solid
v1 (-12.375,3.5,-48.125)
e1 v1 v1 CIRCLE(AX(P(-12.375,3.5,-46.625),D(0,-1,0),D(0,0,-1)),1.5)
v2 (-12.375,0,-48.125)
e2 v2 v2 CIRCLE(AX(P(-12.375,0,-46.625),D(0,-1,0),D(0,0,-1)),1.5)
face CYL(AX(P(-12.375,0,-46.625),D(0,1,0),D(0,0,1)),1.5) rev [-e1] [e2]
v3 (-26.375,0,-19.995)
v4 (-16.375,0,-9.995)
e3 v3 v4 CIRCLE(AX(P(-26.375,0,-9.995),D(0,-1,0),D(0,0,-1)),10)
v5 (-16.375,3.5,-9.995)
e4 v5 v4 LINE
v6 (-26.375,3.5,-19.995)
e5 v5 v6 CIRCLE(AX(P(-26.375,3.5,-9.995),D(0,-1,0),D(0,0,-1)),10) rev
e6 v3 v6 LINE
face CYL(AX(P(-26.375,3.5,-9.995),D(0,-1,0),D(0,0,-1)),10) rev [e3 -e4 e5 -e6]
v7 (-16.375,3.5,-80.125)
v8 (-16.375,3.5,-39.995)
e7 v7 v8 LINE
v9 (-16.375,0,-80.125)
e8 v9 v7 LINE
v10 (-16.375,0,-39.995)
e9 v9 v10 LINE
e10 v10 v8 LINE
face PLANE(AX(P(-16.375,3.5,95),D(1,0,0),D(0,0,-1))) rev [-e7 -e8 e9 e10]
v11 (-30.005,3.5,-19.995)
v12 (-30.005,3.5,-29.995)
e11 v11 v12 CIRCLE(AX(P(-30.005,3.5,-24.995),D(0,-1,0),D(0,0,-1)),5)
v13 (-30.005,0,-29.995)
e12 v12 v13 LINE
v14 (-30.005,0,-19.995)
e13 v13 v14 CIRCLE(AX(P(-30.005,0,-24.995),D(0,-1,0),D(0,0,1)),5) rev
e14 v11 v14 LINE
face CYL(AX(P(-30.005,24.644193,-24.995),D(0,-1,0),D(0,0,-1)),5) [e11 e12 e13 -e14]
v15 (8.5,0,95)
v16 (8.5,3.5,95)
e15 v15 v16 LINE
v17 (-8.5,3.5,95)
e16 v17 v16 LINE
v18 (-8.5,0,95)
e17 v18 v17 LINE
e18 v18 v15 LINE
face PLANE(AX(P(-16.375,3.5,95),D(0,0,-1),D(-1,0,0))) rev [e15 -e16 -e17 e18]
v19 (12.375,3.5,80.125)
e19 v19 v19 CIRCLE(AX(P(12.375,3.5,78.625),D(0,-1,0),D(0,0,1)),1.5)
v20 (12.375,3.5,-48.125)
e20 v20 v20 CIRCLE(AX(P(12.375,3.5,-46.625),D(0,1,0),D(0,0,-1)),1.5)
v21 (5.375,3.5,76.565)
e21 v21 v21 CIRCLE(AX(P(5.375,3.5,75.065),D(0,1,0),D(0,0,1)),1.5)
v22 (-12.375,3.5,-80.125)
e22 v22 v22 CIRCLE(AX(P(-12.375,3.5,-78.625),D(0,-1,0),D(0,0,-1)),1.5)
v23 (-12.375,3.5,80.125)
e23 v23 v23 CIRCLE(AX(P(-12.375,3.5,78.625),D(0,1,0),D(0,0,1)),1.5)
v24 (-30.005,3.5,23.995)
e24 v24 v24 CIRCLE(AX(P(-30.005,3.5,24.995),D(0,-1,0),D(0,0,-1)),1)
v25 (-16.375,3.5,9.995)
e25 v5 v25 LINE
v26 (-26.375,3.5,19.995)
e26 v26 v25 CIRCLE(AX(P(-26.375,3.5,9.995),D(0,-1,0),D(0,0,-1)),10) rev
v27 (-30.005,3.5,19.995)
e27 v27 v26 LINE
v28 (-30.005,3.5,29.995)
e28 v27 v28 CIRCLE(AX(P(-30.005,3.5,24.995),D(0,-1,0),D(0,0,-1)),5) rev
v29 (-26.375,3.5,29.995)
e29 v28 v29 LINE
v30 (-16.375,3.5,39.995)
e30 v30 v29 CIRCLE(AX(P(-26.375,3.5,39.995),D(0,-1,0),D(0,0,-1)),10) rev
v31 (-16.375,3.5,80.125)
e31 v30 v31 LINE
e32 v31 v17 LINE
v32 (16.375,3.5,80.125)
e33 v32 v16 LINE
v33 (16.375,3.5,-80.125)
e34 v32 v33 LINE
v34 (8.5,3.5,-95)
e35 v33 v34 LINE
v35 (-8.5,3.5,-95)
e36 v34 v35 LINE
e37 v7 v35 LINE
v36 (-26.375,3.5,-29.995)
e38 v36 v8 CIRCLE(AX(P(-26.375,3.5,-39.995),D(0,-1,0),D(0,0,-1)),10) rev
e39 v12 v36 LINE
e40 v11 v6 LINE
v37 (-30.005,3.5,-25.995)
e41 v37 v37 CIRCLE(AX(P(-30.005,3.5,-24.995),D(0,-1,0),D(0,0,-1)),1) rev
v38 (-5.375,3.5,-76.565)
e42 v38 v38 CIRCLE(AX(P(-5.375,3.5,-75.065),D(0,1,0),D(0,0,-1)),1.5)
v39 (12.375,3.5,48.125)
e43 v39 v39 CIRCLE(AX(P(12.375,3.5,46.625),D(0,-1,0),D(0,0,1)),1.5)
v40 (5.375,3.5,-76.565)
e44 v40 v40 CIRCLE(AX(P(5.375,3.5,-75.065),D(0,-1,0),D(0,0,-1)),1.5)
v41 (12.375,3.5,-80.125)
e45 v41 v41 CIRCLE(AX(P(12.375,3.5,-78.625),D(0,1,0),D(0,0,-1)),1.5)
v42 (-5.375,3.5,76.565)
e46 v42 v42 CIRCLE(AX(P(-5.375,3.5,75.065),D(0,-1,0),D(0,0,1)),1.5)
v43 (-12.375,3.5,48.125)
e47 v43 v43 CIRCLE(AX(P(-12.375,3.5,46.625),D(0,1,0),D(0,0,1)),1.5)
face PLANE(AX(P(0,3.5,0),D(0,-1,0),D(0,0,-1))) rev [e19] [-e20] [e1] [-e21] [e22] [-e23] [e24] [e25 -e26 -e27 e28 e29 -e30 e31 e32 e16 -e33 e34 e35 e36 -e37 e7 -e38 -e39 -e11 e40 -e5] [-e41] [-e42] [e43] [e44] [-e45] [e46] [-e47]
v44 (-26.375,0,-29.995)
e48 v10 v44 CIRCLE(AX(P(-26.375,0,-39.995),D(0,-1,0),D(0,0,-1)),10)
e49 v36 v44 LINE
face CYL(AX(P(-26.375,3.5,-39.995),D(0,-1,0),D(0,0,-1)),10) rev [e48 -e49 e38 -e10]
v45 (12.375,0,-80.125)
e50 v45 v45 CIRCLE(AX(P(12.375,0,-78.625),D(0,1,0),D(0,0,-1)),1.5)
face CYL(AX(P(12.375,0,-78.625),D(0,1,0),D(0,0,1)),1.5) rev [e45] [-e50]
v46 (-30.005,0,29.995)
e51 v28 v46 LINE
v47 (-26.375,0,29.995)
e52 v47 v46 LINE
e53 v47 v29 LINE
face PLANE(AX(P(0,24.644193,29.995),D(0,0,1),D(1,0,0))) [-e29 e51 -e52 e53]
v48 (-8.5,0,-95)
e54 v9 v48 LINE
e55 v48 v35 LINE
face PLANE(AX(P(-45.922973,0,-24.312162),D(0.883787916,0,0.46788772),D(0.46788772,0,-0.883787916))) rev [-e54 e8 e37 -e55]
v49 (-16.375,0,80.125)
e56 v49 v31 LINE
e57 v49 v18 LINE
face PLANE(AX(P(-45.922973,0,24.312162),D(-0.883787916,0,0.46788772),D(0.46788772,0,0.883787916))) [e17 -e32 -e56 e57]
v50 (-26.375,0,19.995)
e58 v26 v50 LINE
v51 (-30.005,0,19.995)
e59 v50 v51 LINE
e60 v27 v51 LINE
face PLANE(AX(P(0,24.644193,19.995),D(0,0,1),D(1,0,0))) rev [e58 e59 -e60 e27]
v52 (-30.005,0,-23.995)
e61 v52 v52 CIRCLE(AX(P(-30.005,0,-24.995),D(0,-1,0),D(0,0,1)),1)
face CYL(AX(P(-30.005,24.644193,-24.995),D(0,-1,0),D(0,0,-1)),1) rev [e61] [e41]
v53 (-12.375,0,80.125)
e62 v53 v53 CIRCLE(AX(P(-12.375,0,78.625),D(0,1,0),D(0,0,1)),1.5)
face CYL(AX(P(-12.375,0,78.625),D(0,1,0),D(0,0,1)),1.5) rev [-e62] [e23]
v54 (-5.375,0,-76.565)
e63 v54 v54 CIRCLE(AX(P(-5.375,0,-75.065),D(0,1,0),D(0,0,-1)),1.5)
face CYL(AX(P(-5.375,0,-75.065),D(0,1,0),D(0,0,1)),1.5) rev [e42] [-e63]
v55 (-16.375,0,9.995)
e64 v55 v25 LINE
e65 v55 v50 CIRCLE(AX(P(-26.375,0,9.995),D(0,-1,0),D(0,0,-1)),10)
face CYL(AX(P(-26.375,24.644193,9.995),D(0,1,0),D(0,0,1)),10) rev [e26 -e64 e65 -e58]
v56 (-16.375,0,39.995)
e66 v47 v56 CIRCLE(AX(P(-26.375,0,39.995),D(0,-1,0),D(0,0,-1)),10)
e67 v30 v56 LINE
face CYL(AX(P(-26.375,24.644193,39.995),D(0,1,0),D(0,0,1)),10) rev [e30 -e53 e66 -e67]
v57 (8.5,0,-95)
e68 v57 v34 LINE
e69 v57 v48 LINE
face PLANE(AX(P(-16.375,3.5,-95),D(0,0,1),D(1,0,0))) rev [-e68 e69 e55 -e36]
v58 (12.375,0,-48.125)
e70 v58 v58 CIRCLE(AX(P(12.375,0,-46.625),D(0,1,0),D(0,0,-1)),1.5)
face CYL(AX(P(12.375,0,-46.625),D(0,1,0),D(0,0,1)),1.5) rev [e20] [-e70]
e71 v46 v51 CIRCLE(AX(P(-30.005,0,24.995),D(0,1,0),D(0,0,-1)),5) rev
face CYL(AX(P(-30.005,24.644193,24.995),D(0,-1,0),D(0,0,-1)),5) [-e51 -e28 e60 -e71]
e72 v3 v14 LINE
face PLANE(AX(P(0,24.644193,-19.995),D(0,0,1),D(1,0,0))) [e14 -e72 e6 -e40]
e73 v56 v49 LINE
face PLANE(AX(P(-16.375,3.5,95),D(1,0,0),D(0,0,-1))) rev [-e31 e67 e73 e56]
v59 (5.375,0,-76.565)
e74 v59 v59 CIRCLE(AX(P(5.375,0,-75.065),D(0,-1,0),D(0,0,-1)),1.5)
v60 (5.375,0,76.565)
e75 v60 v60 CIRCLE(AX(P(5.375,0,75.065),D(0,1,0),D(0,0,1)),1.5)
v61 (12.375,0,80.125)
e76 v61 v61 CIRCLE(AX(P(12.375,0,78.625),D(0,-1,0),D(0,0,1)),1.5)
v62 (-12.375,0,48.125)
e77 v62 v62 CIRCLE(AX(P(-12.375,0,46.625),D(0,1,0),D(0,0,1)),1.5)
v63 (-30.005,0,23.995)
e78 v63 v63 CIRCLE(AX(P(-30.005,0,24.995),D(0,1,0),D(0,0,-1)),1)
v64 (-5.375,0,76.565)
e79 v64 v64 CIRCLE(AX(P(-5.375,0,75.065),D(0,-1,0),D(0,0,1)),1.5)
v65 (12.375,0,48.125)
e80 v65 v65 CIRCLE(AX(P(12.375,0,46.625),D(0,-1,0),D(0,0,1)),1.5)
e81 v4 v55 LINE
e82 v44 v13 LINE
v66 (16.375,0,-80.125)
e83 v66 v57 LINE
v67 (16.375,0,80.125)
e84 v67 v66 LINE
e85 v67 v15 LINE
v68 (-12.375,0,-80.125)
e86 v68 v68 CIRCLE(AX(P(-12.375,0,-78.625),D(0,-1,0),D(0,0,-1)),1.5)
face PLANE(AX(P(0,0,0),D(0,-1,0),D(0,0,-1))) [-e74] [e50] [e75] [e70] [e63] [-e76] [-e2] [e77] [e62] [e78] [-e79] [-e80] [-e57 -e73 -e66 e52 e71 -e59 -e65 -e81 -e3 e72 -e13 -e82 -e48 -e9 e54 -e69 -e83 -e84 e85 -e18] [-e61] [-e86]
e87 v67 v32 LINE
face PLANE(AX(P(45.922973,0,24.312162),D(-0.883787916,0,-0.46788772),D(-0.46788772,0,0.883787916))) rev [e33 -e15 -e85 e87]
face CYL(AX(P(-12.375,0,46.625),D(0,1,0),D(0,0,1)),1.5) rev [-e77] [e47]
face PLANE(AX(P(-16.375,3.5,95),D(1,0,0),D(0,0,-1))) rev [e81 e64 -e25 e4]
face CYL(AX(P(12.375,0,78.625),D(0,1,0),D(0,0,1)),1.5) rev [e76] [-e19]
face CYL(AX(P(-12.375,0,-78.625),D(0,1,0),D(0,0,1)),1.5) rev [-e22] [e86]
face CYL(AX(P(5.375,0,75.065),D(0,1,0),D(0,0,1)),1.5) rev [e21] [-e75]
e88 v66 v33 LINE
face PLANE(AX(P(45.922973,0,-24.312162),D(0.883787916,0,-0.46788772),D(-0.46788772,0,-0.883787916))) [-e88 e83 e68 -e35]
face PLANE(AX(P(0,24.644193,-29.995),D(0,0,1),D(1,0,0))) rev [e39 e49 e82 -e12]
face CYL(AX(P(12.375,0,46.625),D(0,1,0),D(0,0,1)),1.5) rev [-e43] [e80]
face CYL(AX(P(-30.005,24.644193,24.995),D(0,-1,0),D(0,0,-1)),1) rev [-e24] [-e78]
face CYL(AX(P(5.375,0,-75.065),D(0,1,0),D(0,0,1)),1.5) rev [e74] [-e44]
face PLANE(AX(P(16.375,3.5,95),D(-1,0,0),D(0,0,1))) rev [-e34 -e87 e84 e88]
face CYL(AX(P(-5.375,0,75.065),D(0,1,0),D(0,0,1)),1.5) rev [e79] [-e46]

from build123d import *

# Parameters (mm, degrees)
SKETCH1_W               = 32.75
SKETCH1_H               = 190
BOSS_EXTRUDE1_DEPTH     = 3.5
SKETCH3_R               = 1.5
CUT_EXTRUDE1_DEPTH      = 97.46445265
MIRROR2_COPY_1_SKETCH_R = 1.5
MIRROR2_COPY_1_DEPTH    = 97.46445265
SKETCH4_R               = 1.5
CUT_EXTRUDE2_DEPTH      = 97.46445265
MIRROR4_COPY_1_SKETCH_R = 1.5
MIRROR4_COPY_1_DEPTH    = 97.46445265
BOSS_EXTRUDE2_DEPTH     = 3.5
FILLET1_R               = 10
FILLET2_R               = 10
FILLET5_R               = 10
FILLET6_R               = 10
MIRROR14_COPY_1_DEPTH   = 3.5
FILLET7_R               = 10
FILLET8_R               = 10
CUT_EXTRUDE3_DEPTH      = 102.304491633


with BuildPart() as part:
    # Sketch1 → Boss-Extrude1 (new body)
    with BuildSketch(Plane(origin=(0, 0, 0), x_dir=(1, 0, 0), z_dir=(0, 1, 0))):
        Rectangle(SKETCH1_W, SKETCH1_H)
    extrude(amount=BOSS_EXTRUDE1_DEPTH)

    # Sketch3 → Cut-Extrude1 (cut, through all)
    with BuildSketch(Plane(origin=(0, 3.5, 0), x_dir=(1, 0, 0), z_dir=(0, 1, 0))):
        with Locations(Location((-12.375, -46.625, 0), (0, 0, 270))):
            Circle(SKETCH3_R)
        with Locations(Location((-12.375, -78.625, 0), (0, 0, 270))):
            Circle(SKETCH3_R)
        Polygon((-16.375, -95), (-8.5, -95), (-16.375, -80.125), align=None)
    cut_extrude1 = extrude(amount=-CUT_EXTRUDE1_DEPTH, mode=Mode.SUBTRACT)

    # Mirror1: Cut-Extrude1 across plane
    add(cut_extrude1.mirror(Plane(origin=(0, 0, 0), x_dir=(0, 0, 1), z_dir=(1, 0, 0))), mode=Mode.SUBTRACT)

    # Mirror2: Cut-Extrude1 across plane
    add(cut_extrude1.mirror(Plane.XY), mode=Mode.SUBTRACT)

    # Mirror2 copy 1 sketch → Mirror2 copy 1 (cut, through all)
    with BuildSketch(Plane(origin=(0, 3.5, 0), x_dir=(-1, 0, 0), z_dir=(0, 1, 0))):
        with Locations(Location((-12.375, -46.625, 0), (0, 0, 270))):
            Circle(MIRROR2_COPY_1_SKETCH_R)
        with Locations(Location((-12.375, -78.625, 0), (0, 0, 270))):
            Circle(MIRROR2_COPY_1_SKETCH_R)
        Polygon((-16.375, -95), (-8.5, -95), (-16.375, -80.125), align=None)
    extrude(amount=-MIRROR2_COPY_1_DEPTH, mode=Mode.SUBTRACT)

    # Sketch4 → Cut-Extrude2 (cut, through all)
    with BuildSketch(Plane(origin=(0, 3.5, 0), x_dir=(1, 0, 0), z_dir=(0, 1, 0))):
        with Locations(Location((5.375, -75.065, 0), (0, 0, 270))):
            Circle(SKETCH4_R)
    cut_extrude2 = extrude(amount=-CUT_EXTRUDE2_DEPTH, mode=Mode.SUBTRACT)

    # Mirror3: Cut-Extrude2 across plane
    add(cut_extrude2.mirror(Plane(origin=(0, 0, 0), x_dir=(0, 0, 1), z_dir=(1, 0, 0))), mode=Mode.SUBTRACT)

    # Mirror4: Cut-Extrude2 across plane
    add(cut_extrude2.mirror(Plane.XY), mode=Mode.SUBTRACT)

    # Mirror4 copy 1 sketch → Mirror4 copy 1 (cut, through all)
    with BuildSketch(Plane(origin=(0, 3.5, 0), x_dir=(-1, 0, 0), z_dir=(0, 1, 0))):
        with Locations(Location((5.375, -75.065, 0), (0, 0, 270))):
            Circle(MIRROR4_COPY_1_SKETCH_R)
    extrude(amount=-MIRROR4_COPY_1_DEPTH, mode=Mode.SUBTRACT)

    # Sketch5 → Boss-Extrude2 (add)
    with BuildSketch(Plane.XZ):
        with BuildLine():
            Line((17.375, 29.995), (16.375, 29.995))
            Line((16.375, 29.995), (16.375, 24.995))
            Line((16.375, 24.995), (16.375, 19.995))
            Line((16.375, 19.995), (30.005, 19.995))
            ThreePointArc((30.005, 19.995), (35.005, 24.995), (30.005, 29.995))
            Line((30.005, 29.995), (17.375, 29.995))
        make_face()
        with BuildLine():
            ThreePointArc((31.005, 24.995), (30.005, 23.995), (29.005, 24.995))
            ThreePointArc((29.005, 24.995), (30.005, 25.995), (31.005, 24.995))
        make_face(mode=Mode.SUBTRACT)
    boss_extrude2 = extrude(amount=-BOSS_EXTRUDE2_DEPTH)

    # Fillet1
    fillet1_edges = [part.edges().sort_by_distance(p)[0] for p in [
        (16.375, 1.75, 29.995),
    ]]
    fillet(fillet1_edges, radius=FILLET1_R)

    # Fillet2
    fillet2_edges = [part.edges().sort_by_distance(p)[0] for p in [
        (16.375, 1.75, 19.995),
    ]]
    fillet(fillet2_edges, radius=FILLET2_R)

    # Mirror13: Boss-Extrude2 across plane
    add(boss_extrude2.mirror(Plane(origin=(0, 0, 0), x_dir=(0, 0, 1), z_dir=(1, 0, 0))))

    # Fillet5
    fillet5_edges = [part.edges().sort_by_distance(p)[0] for p in [
        (-16.375, 1.75, 29.995),
    ]]
    fillet(fillet5_edges, radius=FILLET5_R)

    # Fillet6
    fillet6_edges = [part.edges().sort_by_distance(p)[0] for p in [
        (-16.375, 1.75, 19.995),
    ]]
    fillet(fillet6_edges, radius=FILLET6_R)

    # Mirror14: Boss-Extrude2 across plane
    add(boss_extrude2.mirror(Plane.XY))

    # Mirror14 copy 1 sketch → Mirror14 copy 1 (add)
    with BuildSketch(Plane(origin=(0, 0, 0), x_dir=(-1, 0, 0), z_dir=(0, -1, 0))):
        with BuildLine():
            Line((17.375, 29.995), (16.375, 29.995))
            Line((16.375, 29.995), (16.375, 24.995))
            Line((16.375, 24.995), (16.375, 19.995))
            Line((16.375, 19.995), (30.005, 19.995))
            ThreePointArc((30.005, 19.995), (35.005, 24.995), (30.005, 29.995))
            Line((30.005, 29.995), (17.375, 29.995))
        make_face()
        with BuildLine():
            ThreePointArc((31.005, 24.995), (30.005, 23.995), (29.005, 24.995))
            ThreePointArc((29.005, 24.995), (30.005, 25.995), (31.005, 24.995))
        make_face(mode=Mode.SUBTRACT)
    extrude(amount=-MIRROR14_COPY_1_DEPTH)

    # Fillet7
    fillet7_edges = [part.edges().sort_by_distance(p)[0] for p in [
        (-16.375, 1.75, -29.995),
    ]]
    fillet(fillet7_edges, radius=FILLET7_R)

    # Fillet8
    fillet8_edges = [part.edges().sort_by_distance(p)[0] for p in [
        (-16.375, 1.75, -19.995),
    ]]
    fillet(fillet8_edges, radius=FILLET8_R)

    # Sketch6 → Cut-Extrude3 (cut, through all)
    with BuildSketch(Plane(origin=(0, 3.5, 0), x_dir=(1, 0, 0), z_dir=(0, 1, 0))):
        Polygon((16.375, 5), (16.375, 44.924773713), (47.716486095, 44.924773713), (47.716486095, -55.8941685), (16.375, -55.8941685), align=None)
    extrude(amount=-CUT_EXTRUDE3_DEPTH, mode=Mode.SUBTRACT)


solid = part.part
